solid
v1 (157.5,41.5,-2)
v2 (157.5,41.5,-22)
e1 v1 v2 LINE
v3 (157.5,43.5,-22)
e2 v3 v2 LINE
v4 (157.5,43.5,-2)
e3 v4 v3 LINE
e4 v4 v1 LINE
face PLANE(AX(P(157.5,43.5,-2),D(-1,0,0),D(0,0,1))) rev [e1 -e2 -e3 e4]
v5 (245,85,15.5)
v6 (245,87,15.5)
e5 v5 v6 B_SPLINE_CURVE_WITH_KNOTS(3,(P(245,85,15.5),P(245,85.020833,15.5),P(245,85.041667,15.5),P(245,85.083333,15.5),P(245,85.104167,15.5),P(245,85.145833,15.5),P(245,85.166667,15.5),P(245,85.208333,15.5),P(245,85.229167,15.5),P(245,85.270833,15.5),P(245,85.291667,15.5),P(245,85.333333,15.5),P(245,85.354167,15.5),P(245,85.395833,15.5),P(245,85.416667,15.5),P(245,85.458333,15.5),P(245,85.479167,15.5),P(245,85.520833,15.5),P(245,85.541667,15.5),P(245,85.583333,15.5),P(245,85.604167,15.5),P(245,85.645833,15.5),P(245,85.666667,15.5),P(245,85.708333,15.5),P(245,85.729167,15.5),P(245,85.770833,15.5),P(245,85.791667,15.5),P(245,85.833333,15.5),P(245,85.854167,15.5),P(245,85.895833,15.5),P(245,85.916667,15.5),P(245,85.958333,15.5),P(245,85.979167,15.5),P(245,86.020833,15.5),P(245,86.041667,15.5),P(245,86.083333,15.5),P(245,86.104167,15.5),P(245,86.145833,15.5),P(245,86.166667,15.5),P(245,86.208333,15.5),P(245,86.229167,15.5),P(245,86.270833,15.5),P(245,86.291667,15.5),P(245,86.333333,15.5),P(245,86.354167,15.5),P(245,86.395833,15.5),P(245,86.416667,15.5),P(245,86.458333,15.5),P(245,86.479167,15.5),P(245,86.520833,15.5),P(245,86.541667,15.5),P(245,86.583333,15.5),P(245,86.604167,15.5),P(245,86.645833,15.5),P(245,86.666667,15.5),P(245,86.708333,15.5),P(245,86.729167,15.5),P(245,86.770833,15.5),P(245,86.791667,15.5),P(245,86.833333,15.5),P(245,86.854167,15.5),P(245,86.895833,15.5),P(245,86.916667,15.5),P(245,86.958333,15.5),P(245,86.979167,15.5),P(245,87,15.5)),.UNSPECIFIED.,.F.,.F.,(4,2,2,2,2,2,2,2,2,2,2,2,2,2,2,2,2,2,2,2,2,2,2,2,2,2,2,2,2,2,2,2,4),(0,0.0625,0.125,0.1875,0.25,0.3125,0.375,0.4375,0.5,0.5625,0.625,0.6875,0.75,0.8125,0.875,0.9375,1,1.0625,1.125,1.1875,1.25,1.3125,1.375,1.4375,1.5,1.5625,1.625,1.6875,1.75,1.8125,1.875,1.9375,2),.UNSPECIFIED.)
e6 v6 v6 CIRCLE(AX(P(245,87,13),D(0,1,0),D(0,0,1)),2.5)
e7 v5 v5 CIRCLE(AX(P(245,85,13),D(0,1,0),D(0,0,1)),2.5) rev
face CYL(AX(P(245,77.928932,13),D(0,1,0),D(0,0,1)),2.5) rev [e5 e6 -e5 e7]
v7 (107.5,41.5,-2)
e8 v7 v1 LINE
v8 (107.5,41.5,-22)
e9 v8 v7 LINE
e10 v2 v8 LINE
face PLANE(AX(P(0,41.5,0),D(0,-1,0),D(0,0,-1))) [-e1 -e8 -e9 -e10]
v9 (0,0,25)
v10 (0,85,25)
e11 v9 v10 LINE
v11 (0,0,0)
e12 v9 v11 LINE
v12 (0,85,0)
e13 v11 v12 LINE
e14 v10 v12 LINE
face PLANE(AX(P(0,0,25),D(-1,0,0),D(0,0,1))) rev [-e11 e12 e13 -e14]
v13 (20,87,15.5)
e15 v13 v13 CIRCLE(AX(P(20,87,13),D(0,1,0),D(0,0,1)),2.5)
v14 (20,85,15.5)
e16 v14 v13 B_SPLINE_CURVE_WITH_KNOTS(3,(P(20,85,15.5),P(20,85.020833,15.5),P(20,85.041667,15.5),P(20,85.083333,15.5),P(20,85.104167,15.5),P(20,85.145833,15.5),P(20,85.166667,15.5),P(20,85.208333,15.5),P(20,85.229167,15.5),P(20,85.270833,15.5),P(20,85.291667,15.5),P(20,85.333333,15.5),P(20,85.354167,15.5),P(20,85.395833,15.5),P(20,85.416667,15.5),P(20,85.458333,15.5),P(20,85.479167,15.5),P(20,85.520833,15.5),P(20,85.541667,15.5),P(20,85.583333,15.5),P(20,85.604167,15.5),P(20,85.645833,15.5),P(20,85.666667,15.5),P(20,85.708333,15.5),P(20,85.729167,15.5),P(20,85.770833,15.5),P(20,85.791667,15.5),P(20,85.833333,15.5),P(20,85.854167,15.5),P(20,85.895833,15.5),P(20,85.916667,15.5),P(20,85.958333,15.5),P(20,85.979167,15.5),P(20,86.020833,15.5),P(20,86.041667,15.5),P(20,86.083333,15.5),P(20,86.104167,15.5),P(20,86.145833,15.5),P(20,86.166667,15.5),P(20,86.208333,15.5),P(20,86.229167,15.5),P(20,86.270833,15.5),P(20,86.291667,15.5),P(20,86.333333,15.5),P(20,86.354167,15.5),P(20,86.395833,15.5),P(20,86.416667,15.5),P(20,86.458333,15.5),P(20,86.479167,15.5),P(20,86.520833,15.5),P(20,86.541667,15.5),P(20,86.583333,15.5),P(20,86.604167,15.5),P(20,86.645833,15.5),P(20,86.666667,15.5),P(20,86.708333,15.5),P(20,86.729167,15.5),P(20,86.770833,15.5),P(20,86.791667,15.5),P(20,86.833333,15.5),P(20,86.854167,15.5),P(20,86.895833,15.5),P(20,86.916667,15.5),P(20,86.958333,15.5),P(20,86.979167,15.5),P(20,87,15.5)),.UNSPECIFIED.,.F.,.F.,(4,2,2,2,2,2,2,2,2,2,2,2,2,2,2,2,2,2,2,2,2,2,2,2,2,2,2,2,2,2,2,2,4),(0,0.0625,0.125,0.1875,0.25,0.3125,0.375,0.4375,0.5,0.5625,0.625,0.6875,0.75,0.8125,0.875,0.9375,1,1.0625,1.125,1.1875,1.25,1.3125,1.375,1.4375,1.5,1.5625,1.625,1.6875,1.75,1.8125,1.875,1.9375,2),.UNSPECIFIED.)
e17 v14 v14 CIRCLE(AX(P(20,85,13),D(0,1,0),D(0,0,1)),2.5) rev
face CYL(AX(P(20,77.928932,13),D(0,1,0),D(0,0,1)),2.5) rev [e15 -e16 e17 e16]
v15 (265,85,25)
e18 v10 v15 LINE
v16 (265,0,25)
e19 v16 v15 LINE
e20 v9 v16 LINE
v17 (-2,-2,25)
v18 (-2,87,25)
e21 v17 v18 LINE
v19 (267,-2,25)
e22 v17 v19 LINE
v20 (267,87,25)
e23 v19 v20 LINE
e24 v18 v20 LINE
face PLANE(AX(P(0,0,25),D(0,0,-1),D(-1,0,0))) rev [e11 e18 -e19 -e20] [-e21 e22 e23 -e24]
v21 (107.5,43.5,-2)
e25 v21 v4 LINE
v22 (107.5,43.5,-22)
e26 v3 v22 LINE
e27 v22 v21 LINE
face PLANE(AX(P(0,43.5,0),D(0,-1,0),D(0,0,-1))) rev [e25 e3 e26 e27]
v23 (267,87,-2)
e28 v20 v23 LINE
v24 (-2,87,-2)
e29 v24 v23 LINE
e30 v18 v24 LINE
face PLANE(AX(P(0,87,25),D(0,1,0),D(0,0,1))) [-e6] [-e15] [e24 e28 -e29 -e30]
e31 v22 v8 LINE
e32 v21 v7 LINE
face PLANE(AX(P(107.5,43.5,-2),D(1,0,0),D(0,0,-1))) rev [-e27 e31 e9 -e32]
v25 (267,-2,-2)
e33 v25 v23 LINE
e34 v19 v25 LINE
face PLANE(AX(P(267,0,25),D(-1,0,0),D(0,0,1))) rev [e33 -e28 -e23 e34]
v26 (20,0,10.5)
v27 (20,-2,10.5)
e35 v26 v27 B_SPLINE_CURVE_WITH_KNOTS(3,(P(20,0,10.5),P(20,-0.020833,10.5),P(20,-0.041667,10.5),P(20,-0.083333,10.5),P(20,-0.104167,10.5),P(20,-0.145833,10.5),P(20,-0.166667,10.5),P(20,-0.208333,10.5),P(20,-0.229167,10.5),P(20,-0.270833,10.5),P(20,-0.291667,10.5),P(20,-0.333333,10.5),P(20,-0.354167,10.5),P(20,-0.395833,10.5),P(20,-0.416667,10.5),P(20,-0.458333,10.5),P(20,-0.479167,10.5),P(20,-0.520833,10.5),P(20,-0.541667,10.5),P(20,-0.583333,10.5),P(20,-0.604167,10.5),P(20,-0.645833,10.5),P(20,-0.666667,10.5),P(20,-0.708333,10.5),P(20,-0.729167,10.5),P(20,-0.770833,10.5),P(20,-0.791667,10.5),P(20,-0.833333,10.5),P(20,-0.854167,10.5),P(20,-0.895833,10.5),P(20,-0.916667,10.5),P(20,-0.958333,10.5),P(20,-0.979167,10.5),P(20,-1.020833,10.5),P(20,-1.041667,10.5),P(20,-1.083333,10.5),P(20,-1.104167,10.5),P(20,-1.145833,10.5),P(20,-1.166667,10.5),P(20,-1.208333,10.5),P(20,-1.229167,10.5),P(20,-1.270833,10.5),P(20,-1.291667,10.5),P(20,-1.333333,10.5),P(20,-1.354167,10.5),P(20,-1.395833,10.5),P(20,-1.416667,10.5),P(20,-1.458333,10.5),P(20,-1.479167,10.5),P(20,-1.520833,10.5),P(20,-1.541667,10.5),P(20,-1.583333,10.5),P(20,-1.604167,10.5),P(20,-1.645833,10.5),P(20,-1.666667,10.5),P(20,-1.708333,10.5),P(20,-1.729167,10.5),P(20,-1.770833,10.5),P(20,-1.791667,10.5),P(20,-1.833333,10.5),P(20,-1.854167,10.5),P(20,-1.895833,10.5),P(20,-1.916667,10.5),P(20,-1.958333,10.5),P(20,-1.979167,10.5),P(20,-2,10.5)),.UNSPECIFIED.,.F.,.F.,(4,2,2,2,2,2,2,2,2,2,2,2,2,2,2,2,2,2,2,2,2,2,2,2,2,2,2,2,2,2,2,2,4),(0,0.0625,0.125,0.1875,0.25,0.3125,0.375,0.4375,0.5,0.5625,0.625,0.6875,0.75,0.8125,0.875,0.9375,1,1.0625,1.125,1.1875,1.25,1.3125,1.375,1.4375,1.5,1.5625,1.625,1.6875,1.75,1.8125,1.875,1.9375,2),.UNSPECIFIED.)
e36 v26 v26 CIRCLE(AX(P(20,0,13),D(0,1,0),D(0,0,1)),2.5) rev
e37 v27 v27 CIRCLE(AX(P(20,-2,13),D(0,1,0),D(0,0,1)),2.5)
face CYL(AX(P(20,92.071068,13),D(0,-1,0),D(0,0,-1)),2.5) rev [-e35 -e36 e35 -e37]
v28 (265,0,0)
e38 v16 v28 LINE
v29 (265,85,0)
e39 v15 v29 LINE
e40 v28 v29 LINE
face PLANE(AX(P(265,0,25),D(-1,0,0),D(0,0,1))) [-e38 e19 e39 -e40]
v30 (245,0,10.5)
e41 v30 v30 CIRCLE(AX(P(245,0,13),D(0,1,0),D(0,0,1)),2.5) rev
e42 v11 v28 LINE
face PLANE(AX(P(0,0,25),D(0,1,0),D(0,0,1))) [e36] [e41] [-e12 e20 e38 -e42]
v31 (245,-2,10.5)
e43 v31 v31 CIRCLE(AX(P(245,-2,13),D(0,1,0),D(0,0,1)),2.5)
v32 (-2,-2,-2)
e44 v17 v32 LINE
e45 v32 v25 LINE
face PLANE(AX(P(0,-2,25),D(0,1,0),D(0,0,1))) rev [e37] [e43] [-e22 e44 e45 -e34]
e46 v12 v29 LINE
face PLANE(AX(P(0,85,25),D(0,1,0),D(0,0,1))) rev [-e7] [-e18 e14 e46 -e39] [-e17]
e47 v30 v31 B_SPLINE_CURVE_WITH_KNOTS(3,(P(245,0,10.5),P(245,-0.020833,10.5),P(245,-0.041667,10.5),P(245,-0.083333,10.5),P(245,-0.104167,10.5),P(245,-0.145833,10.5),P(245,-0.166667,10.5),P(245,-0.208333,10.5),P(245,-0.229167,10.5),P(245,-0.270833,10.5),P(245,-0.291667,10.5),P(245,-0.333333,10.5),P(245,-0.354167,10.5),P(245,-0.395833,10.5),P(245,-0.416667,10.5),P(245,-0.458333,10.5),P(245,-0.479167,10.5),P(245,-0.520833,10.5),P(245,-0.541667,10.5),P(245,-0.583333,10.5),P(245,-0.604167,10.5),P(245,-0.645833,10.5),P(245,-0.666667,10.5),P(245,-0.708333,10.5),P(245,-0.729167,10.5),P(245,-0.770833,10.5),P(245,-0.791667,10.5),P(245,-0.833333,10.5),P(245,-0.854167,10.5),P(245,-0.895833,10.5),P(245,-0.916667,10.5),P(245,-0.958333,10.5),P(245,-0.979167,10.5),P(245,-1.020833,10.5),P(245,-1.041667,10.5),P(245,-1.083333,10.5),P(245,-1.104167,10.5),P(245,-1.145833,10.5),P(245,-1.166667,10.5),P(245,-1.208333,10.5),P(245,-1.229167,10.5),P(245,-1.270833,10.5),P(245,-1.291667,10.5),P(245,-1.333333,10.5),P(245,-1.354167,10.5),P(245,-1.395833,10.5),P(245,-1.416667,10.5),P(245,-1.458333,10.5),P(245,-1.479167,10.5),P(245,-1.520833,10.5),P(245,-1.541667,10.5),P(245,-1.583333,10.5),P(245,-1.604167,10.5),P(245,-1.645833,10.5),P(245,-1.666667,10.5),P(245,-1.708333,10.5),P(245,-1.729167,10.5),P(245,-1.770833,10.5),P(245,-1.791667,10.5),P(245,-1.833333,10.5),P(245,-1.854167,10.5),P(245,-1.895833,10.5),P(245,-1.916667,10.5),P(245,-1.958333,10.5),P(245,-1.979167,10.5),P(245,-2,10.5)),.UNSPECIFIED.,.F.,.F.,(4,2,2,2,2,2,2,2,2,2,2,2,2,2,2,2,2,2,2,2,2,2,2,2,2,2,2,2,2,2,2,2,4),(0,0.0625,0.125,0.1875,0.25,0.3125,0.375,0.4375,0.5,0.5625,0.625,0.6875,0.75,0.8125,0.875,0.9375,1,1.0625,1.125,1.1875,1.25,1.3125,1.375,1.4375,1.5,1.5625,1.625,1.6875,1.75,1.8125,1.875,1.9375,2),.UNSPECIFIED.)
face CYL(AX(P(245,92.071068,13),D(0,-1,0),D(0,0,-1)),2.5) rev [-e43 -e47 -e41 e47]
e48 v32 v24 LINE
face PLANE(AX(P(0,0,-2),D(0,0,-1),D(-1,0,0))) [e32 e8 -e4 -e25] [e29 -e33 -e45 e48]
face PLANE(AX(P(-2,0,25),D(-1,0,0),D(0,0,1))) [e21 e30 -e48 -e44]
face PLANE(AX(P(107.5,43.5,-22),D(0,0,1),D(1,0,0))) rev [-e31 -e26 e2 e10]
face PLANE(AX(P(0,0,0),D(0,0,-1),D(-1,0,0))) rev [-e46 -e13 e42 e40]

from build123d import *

# Parameters (mm, degrees)
SKETCH1_W           = 265
SKETCH1_H           = 85
BOSS_EXTRUDE2_DEPTH = 25
SHELL1_T            = 2
SKETCH3_W           = 50
SKETCH3_H           = 20
BOSS_EXTRUDE3_DEPTH = 1
SKETCH5_R           = 2.5
CUT_EXTRUDE1_DEPTH  = 87


with BuildPart() as part:
    # Sketch1 → Boss-Extrude2 (new body)
    with BuildSketch(Plane.XY):
        with Locations((132.5, 42.5)):
            Rectangle(SKETCH1_W, SKETCH1_H)
    extrude(amount=BOSS_EXTRUDE2_DEPTH)

    # Shell1
    shell1_openings = [part.faces().sort_by_distance(p)[0] for p in [
        (132.5, 42.5, 25),
    ]]
    offset(amount=SHELL1_T, openings=shell1_openings, kind=Kind.INTERSECTION)

    # Sketch3 → Boss-Extrude3 (add, symmetric)
    with BuildSketch(Plane(origin=(0, 42.5, 0), x_dir=(1, 0, 0), z_dir=(0, 1, 0))):
        with Locations((132.5, 12)):
            Rectangle(SKETCH3_W, SKETCH3_H)
    extrude(amount=BOSS_EXTRUDE3_DEPTH, both=True)

    # Sketch5 → Cut-Extrude1 (cut)
    with BuildSketch(Plane(origin=(0, 87, 0), x_dir=(1, 0, 0), z_dir=(0, 1, 0))):
        with Locations(Location((245, -13, 0), (0, 0, 270))):
            Circle(SKETCH5_R)
        with Locations(Location((20, -13, 0), (0, 0, 270))):
            Circle(SKETCH5_R)
    cut_extrude1 = extrude(amount=-CUT_EXTRUDE1_DEPTH, mode=Mode.SUBTRACT)

    # Mirror1: Cut-Extrude1 across plane
    add(cut_extrude1.mirror(Plane.ZX.offset(42.5)), mode=Mode.SUBTRACT)


solid = part.part
